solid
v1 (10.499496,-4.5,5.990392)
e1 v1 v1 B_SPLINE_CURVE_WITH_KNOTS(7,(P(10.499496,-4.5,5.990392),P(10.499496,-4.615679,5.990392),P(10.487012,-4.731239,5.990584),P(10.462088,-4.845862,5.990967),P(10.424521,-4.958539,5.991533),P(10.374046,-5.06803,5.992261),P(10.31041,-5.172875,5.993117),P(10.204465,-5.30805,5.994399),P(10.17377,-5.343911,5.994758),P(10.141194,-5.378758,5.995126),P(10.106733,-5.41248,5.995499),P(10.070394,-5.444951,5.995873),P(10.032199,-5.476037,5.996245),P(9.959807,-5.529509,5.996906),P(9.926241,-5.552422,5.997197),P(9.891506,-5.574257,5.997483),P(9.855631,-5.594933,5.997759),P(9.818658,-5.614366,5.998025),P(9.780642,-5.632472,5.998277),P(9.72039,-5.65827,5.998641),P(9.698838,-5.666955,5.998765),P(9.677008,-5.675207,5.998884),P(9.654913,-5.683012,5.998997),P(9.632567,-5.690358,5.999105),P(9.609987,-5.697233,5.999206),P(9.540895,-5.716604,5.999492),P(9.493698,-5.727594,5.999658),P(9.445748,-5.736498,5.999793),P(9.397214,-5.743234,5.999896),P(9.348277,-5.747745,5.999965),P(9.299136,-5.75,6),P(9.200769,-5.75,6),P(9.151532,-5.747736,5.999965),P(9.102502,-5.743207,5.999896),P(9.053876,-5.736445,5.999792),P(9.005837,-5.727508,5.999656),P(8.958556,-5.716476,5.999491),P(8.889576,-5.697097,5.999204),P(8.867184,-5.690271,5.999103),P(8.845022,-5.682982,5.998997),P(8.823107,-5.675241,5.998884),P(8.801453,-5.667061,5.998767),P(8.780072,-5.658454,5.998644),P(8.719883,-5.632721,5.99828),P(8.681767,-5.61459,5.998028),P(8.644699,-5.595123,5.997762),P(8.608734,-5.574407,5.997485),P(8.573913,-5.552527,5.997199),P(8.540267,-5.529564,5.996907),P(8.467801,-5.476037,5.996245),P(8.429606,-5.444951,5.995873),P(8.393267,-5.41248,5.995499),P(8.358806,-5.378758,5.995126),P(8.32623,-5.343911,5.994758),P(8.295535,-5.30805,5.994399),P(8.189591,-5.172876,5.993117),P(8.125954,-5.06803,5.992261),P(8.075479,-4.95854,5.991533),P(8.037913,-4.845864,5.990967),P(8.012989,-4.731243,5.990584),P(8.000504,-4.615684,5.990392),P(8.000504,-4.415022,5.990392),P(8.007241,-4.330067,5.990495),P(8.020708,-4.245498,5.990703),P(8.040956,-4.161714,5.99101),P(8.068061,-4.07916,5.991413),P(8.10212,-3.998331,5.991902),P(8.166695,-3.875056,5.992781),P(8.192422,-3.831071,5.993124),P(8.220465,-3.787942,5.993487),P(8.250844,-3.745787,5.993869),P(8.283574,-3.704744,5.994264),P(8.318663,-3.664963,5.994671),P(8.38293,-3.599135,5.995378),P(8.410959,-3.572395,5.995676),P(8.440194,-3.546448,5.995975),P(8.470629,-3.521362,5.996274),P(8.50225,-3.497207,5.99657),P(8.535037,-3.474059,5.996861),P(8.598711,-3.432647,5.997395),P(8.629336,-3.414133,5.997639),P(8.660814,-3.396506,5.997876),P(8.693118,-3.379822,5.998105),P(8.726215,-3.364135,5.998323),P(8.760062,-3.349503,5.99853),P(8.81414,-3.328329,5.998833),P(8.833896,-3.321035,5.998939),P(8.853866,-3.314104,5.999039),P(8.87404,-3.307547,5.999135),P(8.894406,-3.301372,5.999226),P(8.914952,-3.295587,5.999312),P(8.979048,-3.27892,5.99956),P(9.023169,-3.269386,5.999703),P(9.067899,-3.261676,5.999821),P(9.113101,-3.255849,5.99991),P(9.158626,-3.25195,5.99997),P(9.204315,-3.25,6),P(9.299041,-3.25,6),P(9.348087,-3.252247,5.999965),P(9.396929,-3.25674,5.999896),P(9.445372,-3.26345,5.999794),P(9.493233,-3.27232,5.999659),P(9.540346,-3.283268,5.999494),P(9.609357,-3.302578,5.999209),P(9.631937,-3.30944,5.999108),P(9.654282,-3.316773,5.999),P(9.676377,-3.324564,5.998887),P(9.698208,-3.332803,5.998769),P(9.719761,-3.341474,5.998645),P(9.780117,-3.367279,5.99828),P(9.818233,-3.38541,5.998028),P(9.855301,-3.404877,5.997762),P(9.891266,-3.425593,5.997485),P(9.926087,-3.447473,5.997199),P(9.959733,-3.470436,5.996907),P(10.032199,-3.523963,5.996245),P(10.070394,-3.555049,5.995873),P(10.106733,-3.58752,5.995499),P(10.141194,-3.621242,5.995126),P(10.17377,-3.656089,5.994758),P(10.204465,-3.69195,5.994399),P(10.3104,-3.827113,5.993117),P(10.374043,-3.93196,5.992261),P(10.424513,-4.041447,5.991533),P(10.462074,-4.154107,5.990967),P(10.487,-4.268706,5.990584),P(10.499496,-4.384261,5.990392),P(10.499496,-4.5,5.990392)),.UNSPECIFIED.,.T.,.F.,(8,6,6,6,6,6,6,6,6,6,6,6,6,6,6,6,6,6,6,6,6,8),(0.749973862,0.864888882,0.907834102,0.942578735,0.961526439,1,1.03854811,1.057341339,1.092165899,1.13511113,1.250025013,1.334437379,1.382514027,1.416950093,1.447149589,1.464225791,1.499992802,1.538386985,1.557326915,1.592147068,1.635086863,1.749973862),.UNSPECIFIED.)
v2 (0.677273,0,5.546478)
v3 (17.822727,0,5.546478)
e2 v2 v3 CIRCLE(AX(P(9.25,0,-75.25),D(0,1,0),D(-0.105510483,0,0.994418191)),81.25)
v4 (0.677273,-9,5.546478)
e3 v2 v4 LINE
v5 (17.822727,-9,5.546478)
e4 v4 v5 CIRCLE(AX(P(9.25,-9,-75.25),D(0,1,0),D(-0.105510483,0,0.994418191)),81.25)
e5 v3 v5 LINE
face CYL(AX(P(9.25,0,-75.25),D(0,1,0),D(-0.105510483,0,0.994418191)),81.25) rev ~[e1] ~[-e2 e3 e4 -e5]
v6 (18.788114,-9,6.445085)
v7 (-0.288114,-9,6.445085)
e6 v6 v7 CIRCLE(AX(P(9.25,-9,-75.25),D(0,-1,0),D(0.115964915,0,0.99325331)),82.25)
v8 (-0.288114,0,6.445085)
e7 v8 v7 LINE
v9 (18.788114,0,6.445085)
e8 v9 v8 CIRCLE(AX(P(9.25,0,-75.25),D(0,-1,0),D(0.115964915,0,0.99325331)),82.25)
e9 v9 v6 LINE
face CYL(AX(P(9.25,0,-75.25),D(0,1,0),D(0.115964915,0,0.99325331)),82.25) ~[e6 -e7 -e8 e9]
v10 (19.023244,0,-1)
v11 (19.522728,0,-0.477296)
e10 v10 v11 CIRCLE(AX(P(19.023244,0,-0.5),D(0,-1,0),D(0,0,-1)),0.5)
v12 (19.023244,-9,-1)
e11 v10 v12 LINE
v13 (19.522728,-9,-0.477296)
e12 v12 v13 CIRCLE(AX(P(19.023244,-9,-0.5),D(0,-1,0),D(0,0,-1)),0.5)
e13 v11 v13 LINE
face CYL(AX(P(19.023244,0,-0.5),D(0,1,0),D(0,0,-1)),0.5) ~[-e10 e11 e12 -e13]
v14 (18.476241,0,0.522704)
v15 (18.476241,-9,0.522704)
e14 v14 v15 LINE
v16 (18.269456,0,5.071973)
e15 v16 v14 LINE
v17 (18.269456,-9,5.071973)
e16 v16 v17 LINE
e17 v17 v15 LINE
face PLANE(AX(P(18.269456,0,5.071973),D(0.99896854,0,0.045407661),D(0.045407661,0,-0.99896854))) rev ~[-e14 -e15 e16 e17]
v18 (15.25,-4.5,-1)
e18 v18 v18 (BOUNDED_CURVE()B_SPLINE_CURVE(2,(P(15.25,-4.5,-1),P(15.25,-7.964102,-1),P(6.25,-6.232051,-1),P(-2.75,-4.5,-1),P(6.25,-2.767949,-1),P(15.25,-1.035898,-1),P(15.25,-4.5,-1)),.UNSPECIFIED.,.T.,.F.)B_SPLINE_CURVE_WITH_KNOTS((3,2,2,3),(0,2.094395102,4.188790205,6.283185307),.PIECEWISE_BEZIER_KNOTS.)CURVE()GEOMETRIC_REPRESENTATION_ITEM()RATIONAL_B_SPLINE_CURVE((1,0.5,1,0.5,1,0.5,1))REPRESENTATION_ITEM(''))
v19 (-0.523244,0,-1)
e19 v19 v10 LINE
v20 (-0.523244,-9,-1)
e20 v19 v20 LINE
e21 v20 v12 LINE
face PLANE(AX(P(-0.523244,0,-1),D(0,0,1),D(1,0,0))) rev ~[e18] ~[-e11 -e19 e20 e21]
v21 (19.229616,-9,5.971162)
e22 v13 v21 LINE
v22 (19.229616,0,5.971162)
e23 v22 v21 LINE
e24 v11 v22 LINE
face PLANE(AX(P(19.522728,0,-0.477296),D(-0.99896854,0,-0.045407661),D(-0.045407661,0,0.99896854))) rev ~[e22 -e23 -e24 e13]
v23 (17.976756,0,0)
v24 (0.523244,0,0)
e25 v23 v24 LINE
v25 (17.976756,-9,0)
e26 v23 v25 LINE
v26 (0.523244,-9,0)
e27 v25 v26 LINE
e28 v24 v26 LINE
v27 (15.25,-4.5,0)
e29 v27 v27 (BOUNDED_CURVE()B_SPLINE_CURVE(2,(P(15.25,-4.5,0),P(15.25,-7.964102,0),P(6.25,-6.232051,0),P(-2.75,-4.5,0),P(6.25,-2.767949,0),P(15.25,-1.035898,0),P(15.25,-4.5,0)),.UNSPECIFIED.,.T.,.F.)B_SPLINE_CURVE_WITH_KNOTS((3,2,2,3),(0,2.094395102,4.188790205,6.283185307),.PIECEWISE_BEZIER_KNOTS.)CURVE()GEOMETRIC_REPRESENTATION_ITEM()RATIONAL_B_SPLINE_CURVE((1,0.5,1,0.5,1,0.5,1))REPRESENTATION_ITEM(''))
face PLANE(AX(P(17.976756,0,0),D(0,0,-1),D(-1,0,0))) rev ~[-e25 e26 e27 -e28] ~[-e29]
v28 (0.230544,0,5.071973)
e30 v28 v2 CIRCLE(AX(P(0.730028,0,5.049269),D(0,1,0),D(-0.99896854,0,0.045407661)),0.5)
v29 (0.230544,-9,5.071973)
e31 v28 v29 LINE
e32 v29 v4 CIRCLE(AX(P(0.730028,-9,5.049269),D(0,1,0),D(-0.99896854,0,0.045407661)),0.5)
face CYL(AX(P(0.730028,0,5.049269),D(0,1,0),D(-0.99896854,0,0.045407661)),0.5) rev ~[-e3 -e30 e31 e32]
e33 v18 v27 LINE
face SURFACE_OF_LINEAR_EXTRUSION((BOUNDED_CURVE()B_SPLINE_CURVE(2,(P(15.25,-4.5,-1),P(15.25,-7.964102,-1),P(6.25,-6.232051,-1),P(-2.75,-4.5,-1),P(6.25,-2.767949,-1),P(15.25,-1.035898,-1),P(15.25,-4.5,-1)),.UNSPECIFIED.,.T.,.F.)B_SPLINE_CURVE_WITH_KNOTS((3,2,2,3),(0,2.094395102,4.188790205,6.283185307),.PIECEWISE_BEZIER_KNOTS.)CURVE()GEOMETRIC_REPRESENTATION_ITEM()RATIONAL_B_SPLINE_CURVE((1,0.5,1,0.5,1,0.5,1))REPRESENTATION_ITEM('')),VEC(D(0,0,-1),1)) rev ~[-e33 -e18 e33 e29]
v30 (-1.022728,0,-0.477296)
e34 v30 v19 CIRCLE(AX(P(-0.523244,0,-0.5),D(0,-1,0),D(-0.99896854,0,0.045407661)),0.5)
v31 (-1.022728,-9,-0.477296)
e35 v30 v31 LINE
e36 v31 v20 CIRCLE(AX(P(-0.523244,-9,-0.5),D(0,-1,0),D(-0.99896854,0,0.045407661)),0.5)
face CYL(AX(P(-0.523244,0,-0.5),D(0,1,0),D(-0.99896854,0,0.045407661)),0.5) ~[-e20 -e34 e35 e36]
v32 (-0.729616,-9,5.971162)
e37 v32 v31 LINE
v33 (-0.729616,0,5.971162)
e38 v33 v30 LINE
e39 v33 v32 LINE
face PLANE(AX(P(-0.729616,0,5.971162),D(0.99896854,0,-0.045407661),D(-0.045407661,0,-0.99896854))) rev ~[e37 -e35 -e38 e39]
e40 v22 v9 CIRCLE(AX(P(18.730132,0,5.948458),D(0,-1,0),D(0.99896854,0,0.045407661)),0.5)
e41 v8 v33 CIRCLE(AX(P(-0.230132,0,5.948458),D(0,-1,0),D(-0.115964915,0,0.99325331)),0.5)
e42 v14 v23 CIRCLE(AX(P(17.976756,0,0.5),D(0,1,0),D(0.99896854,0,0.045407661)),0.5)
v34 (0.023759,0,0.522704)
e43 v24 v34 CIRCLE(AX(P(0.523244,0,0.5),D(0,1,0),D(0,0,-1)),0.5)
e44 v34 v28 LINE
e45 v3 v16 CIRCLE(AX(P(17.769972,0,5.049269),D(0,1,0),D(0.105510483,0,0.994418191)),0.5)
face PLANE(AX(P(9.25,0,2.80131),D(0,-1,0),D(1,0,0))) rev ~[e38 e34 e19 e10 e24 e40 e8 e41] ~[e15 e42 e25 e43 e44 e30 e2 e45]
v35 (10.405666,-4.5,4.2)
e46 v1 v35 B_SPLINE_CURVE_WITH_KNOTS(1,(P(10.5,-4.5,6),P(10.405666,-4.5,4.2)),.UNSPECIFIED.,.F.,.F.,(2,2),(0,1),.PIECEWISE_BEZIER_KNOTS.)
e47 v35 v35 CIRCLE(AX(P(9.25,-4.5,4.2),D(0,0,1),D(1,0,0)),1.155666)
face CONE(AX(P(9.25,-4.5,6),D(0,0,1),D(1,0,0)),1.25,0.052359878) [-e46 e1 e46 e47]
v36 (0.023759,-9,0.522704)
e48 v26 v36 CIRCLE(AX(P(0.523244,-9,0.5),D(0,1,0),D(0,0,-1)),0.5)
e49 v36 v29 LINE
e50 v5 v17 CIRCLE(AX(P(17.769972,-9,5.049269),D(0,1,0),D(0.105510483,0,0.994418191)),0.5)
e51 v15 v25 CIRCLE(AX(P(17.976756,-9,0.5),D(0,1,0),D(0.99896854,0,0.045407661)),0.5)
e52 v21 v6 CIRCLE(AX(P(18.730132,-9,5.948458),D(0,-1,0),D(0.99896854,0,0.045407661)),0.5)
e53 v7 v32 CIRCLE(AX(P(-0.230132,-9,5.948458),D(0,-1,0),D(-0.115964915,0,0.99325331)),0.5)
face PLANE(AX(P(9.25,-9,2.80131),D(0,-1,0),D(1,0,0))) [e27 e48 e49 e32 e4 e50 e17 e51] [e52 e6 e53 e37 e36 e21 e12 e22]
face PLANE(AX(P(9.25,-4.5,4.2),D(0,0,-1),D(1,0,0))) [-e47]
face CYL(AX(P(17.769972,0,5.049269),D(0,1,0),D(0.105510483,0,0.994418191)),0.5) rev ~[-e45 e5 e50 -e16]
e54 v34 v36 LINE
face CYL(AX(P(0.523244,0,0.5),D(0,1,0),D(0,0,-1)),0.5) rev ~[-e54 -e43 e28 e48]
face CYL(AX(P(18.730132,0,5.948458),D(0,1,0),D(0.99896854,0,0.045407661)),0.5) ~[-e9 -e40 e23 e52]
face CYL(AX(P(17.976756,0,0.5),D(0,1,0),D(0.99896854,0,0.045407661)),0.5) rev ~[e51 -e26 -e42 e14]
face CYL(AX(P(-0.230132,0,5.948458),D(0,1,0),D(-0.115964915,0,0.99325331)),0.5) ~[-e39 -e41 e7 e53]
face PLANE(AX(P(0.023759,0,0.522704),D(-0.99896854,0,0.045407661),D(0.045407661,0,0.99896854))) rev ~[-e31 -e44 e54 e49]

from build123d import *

# Parameters (mm, degrees)
F1_DEPTH = 9
F3_DEPTH = 1
F5_R     = 1.25
F6_DEPTH = 1.8
F6_TAPER = 3


with BuildPart() as f1:
    # F0 (on Front) → F1 (new body)
    with BuildSketch(Plane.XZ):
        with BuildLine():
            ThreePointArc((19.2296160725, 5.9711619501), (19.095977397, 6.2892762544), (18.7881142599, 6.4450847748))
            ThreePointArc((18.7881142599, 6.4450847748), (9.25, 7), (-0.2881142599, 6.4450847748))
            ThreePointArc((-0.2881142599, 6.4450847748), (-0.595977397, 6.2892762544), (-0.7296160725, 5.9711619501))
            Line((-0.7296160725, 5.9711619501), (-1.0227278052, -0.4772961695))
            ThreePointArc((-1.0227278052, -0.4772961695), (-0.8847348319, -0.8454331229), (-0.5232435351, -1))
            Line((-0.5232435351, -1), (19.0232435351, -1))
            ThreePointArc((19.0232435351, -1), (19.3847348319, -0.8454331229), (19.5227278052, -0.4772961695))
            Line((19.5227278052, -0.4772961695), (19.2296160725, 5.9711619501))
        make_face()
        with BuildLine():
            ThreePointArc((0.5232435351, 0), (0.1617522384, 0.1545668771), (0.023759265, 0.5227038305))
            Line((0.023759265, 0.5227038305), (0.2305442149, 5.0719727274))
            ThreePointArc((0.2305442149, 5.0719727274), (0.3659805058, 5.3920065063), (0.6772732434, 5.5464779923))
            ThreePointArc((0.6772732434, 5.5464779923), (9.25, 6), (17.8227267566, 5.5464779923))
            ThreePointArc((17.8227267566, 5.5464779923), (18.1340194942, 5.3920065063), (18.2694557851, 5.0719727274))
            Line((18.2694557851, 5.0719727274), (18.476240735, 0.5227038305))
            ThreePointArc((18.476240735, 0.5227038305), (18.3382477616, 0.1545668771), (17.9767564649, 0))
            Line((17.9767564649, 0), (0.5232435351, 0))
        make_face(mode=Mode.SUBTRACT)
    extrude(amount=F1_DEPTH)

    # F2 (on face) → F3 (cut, through all)
    with BuildSketch(Plane(origin=(0, 0, -1), x_dir=(1, 0, 0), z_dir=(0, 0, -1))):
        with BuildLine():
            add(Edge.make_bspline(
                [(15.25, 4.5), (15.25, 7.9641016151), (6.25, 6.2320508076), (-2.75, 4.5), (6.25, 2.7679491924), (15.25, 1.0358983849), (15.25, 4.5)],
                knots=[0, 0, 0, 2.0943951024, 2.0943951024, 4.1887902048, 4.1887902048, 6.2831853072, 6.2831853072, 6.2831853072], degree=2, weights=[1, 0.5, 1, 0.5, 1, 0.5, 1]))
        make_face()
    extrude(amount=-F3_DEPTH, mode=Mode.SUBTRACT)

    # F5 (on offset) → F6 (join)
    with BuildSketch(Plane(origin=(0, 0, 6), x_dir=(1, 0, 0), z_dir=(0, 0, -1))):
        with Locations((9.25, 4.5)):
            Circle(F5_R)
    extrude(amount=F6_DEPTH, taper=F6_TAPER)


solid = f1.part
